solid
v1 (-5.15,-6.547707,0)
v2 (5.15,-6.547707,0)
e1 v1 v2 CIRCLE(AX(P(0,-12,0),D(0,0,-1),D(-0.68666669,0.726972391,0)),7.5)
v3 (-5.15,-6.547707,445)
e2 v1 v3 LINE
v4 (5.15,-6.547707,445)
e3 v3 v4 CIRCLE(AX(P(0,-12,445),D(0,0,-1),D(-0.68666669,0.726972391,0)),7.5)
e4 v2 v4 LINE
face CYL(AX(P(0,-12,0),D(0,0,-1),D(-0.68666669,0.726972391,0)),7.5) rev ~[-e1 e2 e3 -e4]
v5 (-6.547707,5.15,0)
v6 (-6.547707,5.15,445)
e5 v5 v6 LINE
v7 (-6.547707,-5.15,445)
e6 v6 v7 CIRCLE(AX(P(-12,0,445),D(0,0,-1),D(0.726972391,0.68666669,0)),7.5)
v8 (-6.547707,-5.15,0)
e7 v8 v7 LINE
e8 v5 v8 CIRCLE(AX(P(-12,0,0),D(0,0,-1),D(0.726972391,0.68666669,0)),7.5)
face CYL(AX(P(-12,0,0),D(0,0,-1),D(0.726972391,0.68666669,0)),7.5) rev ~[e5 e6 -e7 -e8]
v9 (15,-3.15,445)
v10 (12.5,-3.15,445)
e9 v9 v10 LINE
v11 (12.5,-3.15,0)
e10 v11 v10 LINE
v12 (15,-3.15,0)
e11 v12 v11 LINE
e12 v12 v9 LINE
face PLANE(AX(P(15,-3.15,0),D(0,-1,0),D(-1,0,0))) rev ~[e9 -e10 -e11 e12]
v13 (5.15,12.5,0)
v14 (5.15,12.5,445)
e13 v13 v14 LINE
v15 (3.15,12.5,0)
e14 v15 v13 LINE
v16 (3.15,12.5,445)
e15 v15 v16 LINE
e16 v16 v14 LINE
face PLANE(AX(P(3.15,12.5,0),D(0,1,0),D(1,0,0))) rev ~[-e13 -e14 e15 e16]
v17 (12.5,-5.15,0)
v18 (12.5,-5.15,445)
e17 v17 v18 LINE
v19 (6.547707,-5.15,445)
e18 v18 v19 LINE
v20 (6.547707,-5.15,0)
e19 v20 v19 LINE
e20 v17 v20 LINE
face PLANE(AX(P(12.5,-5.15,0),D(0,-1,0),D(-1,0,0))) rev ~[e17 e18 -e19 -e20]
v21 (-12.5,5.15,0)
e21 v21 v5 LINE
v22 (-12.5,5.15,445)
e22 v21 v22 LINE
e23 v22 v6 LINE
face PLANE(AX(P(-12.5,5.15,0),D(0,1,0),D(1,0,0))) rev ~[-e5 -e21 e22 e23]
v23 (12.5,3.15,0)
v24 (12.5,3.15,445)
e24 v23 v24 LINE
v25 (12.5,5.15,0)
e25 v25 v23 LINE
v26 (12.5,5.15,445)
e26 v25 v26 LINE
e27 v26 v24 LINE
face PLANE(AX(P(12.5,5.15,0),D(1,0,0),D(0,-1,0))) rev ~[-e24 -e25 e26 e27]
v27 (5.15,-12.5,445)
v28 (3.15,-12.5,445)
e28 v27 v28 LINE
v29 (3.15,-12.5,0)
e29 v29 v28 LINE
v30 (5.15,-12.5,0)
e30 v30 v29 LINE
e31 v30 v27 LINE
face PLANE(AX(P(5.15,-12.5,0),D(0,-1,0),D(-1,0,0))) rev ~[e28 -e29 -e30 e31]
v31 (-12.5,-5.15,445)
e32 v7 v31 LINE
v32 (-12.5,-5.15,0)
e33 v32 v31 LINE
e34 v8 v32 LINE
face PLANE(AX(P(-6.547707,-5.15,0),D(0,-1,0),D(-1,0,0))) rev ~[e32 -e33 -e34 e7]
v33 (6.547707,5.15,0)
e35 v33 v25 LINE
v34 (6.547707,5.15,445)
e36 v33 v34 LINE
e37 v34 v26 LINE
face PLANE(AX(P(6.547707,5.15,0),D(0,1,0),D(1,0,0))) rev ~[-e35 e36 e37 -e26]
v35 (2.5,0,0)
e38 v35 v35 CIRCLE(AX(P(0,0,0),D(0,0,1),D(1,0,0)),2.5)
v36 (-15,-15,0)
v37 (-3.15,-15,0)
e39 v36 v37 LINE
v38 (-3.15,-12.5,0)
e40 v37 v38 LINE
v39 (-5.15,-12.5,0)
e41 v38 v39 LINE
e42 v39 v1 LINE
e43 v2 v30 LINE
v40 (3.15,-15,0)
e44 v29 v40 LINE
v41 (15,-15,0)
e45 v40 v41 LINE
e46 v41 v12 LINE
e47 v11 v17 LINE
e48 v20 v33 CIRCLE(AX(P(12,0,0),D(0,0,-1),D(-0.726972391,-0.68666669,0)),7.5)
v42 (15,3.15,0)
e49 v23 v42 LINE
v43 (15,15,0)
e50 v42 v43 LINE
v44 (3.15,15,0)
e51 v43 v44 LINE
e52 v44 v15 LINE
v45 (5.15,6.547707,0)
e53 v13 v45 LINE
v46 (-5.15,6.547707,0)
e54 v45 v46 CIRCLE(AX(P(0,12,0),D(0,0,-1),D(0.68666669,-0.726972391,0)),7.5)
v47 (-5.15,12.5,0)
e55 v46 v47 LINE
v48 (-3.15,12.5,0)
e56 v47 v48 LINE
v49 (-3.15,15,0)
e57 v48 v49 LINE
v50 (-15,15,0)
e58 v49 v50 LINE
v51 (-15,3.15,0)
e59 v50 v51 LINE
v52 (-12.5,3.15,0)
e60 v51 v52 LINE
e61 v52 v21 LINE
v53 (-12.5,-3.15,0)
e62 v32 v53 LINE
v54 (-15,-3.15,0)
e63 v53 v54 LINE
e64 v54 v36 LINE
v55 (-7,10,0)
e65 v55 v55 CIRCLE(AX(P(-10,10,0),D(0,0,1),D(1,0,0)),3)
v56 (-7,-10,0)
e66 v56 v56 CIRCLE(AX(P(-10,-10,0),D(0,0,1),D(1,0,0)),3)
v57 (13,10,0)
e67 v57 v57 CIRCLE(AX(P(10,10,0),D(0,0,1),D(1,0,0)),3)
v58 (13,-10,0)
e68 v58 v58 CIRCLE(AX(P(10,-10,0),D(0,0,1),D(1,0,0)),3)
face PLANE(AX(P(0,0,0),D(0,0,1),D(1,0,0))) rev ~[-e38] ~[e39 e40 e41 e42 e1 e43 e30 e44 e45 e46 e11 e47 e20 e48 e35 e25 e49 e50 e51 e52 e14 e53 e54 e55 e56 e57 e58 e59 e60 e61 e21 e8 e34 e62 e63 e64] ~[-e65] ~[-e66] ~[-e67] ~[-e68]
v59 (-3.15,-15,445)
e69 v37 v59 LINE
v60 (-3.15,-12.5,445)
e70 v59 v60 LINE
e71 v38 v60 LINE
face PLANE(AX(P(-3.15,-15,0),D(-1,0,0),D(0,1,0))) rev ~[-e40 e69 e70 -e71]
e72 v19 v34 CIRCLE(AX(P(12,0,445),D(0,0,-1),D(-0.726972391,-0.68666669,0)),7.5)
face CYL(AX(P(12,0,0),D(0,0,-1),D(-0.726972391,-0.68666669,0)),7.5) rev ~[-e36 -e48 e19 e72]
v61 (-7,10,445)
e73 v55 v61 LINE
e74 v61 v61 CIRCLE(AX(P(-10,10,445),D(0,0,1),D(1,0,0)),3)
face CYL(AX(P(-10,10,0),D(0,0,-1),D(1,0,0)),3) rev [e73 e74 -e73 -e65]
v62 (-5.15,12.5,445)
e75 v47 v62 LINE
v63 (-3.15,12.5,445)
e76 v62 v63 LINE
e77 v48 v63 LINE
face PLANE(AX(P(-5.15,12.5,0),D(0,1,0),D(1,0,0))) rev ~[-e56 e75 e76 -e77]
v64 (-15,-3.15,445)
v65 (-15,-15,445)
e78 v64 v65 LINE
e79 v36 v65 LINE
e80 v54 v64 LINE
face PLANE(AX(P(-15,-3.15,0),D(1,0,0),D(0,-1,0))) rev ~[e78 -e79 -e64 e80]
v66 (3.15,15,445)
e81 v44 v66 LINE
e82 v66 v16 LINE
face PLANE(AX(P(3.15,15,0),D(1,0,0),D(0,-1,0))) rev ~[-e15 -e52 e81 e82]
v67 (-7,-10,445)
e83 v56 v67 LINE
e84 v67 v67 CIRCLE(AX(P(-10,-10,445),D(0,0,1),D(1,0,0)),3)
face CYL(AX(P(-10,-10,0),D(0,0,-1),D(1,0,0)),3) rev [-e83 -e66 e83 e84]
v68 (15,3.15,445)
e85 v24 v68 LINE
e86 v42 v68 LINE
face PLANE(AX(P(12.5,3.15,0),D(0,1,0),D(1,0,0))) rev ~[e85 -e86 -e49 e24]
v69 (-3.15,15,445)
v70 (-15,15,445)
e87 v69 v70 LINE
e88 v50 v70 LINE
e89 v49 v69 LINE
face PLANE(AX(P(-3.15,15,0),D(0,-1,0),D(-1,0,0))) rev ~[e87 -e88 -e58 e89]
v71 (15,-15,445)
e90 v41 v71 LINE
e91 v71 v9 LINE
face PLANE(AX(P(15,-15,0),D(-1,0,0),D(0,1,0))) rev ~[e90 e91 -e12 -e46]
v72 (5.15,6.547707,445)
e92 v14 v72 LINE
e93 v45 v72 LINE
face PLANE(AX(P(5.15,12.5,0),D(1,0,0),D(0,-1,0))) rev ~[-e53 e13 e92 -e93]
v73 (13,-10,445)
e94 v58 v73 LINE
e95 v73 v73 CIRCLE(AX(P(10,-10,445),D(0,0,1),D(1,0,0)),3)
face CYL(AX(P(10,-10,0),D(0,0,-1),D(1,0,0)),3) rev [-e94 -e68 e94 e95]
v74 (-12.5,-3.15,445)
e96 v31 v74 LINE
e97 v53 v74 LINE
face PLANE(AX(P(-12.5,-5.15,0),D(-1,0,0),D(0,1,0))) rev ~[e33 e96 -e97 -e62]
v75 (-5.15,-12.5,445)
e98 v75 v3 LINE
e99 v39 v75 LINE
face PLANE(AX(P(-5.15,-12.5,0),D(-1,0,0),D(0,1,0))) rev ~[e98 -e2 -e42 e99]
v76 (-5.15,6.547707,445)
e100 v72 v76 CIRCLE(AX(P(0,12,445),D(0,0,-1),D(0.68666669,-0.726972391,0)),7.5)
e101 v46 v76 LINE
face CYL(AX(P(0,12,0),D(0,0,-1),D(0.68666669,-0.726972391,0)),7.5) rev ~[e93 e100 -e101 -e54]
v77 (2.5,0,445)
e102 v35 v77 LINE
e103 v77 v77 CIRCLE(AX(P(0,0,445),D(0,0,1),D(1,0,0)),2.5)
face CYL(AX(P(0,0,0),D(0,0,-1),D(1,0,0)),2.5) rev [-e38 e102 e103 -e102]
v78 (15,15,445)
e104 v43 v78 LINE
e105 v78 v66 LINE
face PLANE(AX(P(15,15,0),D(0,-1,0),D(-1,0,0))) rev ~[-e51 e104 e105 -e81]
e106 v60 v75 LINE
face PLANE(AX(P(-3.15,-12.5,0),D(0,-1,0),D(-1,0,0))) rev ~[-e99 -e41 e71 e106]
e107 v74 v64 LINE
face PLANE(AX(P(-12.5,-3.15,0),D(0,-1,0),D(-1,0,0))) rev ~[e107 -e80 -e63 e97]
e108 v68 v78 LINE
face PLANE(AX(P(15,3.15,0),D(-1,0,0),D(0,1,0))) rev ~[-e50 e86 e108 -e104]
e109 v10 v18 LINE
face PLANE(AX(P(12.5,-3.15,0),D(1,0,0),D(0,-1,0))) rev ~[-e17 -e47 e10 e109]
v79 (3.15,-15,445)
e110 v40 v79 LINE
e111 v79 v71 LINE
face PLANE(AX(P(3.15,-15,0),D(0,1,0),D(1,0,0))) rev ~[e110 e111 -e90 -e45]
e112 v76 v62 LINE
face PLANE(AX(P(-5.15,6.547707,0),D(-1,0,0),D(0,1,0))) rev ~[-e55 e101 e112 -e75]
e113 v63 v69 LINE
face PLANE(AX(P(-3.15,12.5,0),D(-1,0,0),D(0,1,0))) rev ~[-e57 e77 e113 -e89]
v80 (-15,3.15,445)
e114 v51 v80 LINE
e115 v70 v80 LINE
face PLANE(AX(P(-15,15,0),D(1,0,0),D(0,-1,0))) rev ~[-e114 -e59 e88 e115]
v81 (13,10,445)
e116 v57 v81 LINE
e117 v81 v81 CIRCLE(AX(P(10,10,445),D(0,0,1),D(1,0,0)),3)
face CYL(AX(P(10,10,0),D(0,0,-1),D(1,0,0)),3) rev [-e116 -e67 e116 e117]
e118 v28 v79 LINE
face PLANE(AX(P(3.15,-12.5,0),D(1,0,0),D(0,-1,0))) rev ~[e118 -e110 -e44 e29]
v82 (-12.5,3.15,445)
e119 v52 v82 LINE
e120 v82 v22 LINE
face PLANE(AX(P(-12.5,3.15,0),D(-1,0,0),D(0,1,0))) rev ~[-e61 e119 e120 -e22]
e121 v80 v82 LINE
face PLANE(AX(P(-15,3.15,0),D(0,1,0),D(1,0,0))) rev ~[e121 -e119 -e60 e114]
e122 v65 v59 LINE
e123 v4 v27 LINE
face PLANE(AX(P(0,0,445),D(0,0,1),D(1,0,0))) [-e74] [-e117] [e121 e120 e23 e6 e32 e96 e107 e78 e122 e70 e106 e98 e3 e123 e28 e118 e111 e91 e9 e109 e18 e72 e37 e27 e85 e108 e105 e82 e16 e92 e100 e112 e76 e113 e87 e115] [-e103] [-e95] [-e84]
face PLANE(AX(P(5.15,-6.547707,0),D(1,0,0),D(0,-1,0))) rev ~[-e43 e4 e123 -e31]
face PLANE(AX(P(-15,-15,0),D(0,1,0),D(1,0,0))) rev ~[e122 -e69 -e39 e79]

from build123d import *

# Parameters (mm, degrees)
F0_R     = 3
F0_R_2   = 2.5
F1_DEPTH = 445


with BuildPart() as f1:
    # F0 (on Top) → F1 (new body)
    with BuildSketch(Plane.XY):
        with BuildLine():
            Line((-15, 15), (-15, 3.15))
            Line((-15, 3.15), (-12.5, 3.15))
            Line((-12.5, 3.15), (-12.5, 5.15))
            Line((-12.5, 5.15), (-6.547707, 5.15))
            ThreePointArc((-6.547707, 5.15), (-4.5, 0), (-6.547707, -5.15))
            Line((-6.547707, -5.15), (-12.5, -5.15))
            Line((-12.5, -5.15), (-12.5, -3.15))
            Line((-12.5, -3.15), (-15, -3.15))
            Line((-15, -3.15), (-15, -15))
            Line((-15, -15), (-3.15, -15))
            Line((-3.15, -15), (-3.15, -12.5))
            Line((-3.15, -12.5), (-5.15, -12.5))
            Line((-5.15, -12.5), (-5.15, -6.547707))
            ThreePointArc((-5.15, -6.547707), (0, -4.5), (5.15, -6.547707))
            Line((5.15, -6.547707), (5.15, -12.5))
            Line((5.15, -12.5), (3.15, -12.5))
            Line((3.15, -12.5), (3.15, -15))
            Line((3.15, -15), (15, -15))
            Line((15, -15), (15, -3.15))
            Line((15, -3.15), (12.5, -3.15))
            Line((12.5, -3.15), (12.5, -5.15))
            Line((12.5, -5.15), (6.547707, -5.15))
            ThreePointArc((6.547707, -5.15), (4.5, 0), (6.547707, 5.15))
            Line((6.547707, 5.15), (12.5, 5.15))
            Line((12.5, 5.15), (12.5, 3.15))
            Line((12.5, 3.15), (15, 3.15))
            Line((15, 3.15), (15, 15))
            Line((15, 15), (3.15, 15))
            Line((3.15, 15), (3.15, 12.5))
            Line((3.15, 12.5), (5.15, 12.5))
            Line((5.15, 12.5), (5.15, 6.547707))
            ThreePointArc((5.15, 6.547707), (0, 4.5), (-5.15, 6.547707))
            Line((-5.15, 6.547707), (-5.15, 12.5))
            Line((-5.15, 12.5), (-3.15, 12.5))
            Line((-3.15, 12.5), (-3.15, 15))
            Line((-3.15, 15), (-15, 15))
        make_face()
        with Locations((-10, -10)):
            Circle(F0_R, mode=Mode.SUBTRACT)
        with Locations((10, -10)):
            Circle(F0_R, mode=Mode.SUBTRACT)
        with Locations((-10, 10)):
            Circle(F0_R, mode=Mode.SUBTRACT)
        Circle(F0_R_2, mode=Mode.SUBTRACT)
        with Locations((10, 10)):
            Circle(F0_R, mode=Mode.SUBTRACT)
    extrude(amount=F1_DEPTH)


solid = f1.part
